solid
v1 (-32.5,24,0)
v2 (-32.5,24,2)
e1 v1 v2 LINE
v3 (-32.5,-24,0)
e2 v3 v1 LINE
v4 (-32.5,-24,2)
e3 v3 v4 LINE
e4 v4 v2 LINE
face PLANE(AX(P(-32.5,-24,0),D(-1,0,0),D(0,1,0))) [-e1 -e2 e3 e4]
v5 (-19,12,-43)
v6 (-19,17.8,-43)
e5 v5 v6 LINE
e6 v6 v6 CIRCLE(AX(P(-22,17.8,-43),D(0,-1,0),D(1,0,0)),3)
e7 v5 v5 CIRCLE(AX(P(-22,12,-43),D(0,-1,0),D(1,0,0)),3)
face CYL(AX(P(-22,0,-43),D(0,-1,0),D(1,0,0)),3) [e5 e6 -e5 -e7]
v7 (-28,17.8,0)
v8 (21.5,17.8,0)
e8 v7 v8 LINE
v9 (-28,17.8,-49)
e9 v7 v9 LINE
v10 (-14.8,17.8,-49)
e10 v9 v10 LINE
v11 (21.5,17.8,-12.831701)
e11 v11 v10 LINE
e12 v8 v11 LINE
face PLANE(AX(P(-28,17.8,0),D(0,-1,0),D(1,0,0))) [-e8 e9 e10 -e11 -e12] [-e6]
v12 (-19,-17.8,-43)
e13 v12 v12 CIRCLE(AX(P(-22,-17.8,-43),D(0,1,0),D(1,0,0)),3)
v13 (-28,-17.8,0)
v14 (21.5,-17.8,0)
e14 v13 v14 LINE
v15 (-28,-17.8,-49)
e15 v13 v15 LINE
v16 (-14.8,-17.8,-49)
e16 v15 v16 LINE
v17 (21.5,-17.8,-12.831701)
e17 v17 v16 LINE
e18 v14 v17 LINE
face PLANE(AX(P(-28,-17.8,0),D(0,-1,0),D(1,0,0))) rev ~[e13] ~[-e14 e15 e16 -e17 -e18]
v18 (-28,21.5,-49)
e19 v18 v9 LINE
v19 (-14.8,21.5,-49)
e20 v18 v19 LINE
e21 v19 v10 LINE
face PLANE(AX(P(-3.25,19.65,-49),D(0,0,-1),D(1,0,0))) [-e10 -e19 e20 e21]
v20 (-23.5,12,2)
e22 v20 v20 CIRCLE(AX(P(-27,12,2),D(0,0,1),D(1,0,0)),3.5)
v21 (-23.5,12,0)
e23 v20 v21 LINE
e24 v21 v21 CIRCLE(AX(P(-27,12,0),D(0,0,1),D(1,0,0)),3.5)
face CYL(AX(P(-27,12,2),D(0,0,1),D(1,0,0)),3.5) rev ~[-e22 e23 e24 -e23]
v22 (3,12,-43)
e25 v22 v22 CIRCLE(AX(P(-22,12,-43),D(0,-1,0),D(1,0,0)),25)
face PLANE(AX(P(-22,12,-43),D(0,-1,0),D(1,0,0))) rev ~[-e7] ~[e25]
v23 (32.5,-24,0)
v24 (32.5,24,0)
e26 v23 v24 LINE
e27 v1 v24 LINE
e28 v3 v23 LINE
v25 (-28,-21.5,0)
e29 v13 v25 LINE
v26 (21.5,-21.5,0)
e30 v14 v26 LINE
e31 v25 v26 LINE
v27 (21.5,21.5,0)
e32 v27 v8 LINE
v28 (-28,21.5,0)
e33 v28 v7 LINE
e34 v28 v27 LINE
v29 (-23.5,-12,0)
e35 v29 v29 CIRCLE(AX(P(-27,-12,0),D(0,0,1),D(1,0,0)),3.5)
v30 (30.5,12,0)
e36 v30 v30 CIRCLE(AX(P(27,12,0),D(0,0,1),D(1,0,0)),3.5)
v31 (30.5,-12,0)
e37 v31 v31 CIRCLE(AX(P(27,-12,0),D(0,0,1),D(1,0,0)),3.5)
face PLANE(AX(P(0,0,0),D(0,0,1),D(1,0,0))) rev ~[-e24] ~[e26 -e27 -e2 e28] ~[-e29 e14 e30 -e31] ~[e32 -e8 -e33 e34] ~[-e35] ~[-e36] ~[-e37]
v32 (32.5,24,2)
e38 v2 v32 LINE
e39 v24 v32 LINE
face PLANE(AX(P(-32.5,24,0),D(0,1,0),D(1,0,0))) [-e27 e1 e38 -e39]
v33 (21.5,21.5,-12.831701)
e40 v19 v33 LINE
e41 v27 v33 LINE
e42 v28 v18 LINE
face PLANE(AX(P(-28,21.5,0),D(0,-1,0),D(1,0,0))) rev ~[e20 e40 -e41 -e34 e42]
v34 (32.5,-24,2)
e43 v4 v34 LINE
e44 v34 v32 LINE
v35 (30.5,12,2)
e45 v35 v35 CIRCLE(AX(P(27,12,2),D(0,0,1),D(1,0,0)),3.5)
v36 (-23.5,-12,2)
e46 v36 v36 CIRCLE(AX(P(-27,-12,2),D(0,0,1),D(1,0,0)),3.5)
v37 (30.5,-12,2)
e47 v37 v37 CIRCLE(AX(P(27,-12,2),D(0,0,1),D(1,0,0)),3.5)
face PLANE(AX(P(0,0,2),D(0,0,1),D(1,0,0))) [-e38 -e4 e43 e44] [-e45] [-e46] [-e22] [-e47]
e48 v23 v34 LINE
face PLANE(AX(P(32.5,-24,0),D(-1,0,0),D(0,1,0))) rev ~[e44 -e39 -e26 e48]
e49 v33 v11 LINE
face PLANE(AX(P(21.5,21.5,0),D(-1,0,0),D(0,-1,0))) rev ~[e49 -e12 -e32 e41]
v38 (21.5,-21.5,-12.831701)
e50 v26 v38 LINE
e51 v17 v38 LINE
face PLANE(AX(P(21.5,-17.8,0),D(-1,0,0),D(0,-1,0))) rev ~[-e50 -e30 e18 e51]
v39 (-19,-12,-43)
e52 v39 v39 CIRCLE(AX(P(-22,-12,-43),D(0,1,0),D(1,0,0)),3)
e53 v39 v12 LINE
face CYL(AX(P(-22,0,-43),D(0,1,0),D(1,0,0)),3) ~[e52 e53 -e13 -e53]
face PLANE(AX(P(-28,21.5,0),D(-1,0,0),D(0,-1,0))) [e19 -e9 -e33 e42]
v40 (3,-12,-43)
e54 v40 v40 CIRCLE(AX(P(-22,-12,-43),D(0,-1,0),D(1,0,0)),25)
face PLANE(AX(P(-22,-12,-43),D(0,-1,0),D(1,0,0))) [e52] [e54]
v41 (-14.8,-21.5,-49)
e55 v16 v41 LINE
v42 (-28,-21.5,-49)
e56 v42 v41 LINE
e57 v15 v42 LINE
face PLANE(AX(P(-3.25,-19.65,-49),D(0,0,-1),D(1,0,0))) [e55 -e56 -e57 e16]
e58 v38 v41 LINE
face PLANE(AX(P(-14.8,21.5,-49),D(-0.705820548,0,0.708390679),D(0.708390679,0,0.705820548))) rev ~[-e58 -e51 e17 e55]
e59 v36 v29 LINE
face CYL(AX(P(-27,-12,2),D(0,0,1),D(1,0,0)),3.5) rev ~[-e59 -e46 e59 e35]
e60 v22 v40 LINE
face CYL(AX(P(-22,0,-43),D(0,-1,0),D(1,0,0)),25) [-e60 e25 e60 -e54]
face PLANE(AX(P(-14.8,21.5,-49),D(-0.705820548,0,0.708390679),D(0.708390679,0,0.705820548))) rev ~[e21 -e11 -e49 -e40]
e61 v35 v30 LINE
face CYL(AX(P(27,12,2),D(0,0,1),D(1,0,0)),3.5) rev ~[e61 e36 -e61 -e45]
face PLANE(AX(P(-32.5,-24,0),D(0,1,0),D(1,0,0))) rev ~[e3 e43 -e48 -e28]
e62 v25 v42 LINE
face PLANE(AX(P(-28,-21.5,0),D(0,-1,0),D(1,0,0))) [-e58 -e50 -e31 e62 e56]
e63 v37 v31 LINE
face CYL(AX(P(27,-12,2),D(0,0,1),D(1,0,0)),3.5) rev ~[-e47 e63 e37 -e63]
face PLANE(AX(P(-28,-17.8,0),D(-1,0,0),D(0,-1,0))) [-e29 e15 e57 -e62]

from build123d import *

# Parameters (mm, degrees)
F0_W           = 65
F0_H           = 48
F1_DEPTH       = 2
F2_W           = 49.5
F2_H           = 3.7
F3_DEPTH       = 49
F5_DEPTH       = 58
F6_R           = 25
F7_DEPTH       = 12
F8_R           = 3.5
F9_DEPTH       = 5
F11_R          = 3
F12_DEPTH      = 18
F12_DEPTH_BACK = 18
F13_R          = 25
F14_DEPTH      = 12
F14_DEPTH_BACK = 12


with BuildPart() as f1:
    # F0 (on Top) → F1 (new body)
    with BuildSketch(Plane.XY):
        Rectangle(F0_W, F0_H)
    extrude(amount=F1_DEPTH)

    # F2 (on face) → F3 (join)
    with BuildSketch(Plane(origin=(0, 0, 0), x_dir=(1, 0, 0), z_dir=(0, 0, -1))):
        with Locations((-3.25, 19.65)):
            Rectangle(F2_W, F2_H)
        with Locations((-3.25, -19.65)):
            Rectangle(F2_W, F2_H)
    extrude(amount=F3_DEPTH)

    # F4 (on face) → F5 (cut)
    with BuildSketch(Plane(origin=(0, 21.5, 0), x_dir=(-1, 0, 0), z_dir=(0, 1, 0))):
        Polygon((-21.5, -49), (14.8, -49), (-21.5, -12.831701), align=None)
    extrude(amount=-F5_DEPTH, mode=Mode.SUBTRACT)

    # F8 (on face) → F9 (cut)
    with BuildSketch(Plane.XY.offset(2)):
        with Locations((27, -12)):
            Circle(F8_R)
        with Locations((-27, -12)):
            Circle(F8_R)
        with Locations((-27, 12)):
            Circle(F8_R)
        with Locations((27, 12)):
            Circle(F8_R)
    extrude(amount=-F9_DEPTH, mode=Mode.SUBTRACT)

    # F11 (on Front) → F12 (join, two sides)
    with BuildSketch(Plane.XZ) as f12_sk:
        with Locations((-22, -43)):
            Circle(F11_R)
    extrude(amount=F12_DEPTH)
    extrude(f12_sk.sketch, amount=-F12_DEPTH_BACK)

    # F13 (on Front) → F14 (join, two sides)
    with BuildSketch(Plane.XZ) as f14_sk:
        with Locations((-22, -43)):
            Circle(F13_R)
    extrude(amount=F14_DEPTH)
    extrude(f14_sk.sketch, amount=-F14_DEPTH_BACK)


with BuildPart() as f7:
    # F6 (on Front) → F7 (new body, symmetric)
    with BuildSketch(Plane.XZ):
        with Locations((-22, -43)):
            Circle(F6_R)
    extrude(amount=F7_DEPTH, both=True)


solid = f1.part
